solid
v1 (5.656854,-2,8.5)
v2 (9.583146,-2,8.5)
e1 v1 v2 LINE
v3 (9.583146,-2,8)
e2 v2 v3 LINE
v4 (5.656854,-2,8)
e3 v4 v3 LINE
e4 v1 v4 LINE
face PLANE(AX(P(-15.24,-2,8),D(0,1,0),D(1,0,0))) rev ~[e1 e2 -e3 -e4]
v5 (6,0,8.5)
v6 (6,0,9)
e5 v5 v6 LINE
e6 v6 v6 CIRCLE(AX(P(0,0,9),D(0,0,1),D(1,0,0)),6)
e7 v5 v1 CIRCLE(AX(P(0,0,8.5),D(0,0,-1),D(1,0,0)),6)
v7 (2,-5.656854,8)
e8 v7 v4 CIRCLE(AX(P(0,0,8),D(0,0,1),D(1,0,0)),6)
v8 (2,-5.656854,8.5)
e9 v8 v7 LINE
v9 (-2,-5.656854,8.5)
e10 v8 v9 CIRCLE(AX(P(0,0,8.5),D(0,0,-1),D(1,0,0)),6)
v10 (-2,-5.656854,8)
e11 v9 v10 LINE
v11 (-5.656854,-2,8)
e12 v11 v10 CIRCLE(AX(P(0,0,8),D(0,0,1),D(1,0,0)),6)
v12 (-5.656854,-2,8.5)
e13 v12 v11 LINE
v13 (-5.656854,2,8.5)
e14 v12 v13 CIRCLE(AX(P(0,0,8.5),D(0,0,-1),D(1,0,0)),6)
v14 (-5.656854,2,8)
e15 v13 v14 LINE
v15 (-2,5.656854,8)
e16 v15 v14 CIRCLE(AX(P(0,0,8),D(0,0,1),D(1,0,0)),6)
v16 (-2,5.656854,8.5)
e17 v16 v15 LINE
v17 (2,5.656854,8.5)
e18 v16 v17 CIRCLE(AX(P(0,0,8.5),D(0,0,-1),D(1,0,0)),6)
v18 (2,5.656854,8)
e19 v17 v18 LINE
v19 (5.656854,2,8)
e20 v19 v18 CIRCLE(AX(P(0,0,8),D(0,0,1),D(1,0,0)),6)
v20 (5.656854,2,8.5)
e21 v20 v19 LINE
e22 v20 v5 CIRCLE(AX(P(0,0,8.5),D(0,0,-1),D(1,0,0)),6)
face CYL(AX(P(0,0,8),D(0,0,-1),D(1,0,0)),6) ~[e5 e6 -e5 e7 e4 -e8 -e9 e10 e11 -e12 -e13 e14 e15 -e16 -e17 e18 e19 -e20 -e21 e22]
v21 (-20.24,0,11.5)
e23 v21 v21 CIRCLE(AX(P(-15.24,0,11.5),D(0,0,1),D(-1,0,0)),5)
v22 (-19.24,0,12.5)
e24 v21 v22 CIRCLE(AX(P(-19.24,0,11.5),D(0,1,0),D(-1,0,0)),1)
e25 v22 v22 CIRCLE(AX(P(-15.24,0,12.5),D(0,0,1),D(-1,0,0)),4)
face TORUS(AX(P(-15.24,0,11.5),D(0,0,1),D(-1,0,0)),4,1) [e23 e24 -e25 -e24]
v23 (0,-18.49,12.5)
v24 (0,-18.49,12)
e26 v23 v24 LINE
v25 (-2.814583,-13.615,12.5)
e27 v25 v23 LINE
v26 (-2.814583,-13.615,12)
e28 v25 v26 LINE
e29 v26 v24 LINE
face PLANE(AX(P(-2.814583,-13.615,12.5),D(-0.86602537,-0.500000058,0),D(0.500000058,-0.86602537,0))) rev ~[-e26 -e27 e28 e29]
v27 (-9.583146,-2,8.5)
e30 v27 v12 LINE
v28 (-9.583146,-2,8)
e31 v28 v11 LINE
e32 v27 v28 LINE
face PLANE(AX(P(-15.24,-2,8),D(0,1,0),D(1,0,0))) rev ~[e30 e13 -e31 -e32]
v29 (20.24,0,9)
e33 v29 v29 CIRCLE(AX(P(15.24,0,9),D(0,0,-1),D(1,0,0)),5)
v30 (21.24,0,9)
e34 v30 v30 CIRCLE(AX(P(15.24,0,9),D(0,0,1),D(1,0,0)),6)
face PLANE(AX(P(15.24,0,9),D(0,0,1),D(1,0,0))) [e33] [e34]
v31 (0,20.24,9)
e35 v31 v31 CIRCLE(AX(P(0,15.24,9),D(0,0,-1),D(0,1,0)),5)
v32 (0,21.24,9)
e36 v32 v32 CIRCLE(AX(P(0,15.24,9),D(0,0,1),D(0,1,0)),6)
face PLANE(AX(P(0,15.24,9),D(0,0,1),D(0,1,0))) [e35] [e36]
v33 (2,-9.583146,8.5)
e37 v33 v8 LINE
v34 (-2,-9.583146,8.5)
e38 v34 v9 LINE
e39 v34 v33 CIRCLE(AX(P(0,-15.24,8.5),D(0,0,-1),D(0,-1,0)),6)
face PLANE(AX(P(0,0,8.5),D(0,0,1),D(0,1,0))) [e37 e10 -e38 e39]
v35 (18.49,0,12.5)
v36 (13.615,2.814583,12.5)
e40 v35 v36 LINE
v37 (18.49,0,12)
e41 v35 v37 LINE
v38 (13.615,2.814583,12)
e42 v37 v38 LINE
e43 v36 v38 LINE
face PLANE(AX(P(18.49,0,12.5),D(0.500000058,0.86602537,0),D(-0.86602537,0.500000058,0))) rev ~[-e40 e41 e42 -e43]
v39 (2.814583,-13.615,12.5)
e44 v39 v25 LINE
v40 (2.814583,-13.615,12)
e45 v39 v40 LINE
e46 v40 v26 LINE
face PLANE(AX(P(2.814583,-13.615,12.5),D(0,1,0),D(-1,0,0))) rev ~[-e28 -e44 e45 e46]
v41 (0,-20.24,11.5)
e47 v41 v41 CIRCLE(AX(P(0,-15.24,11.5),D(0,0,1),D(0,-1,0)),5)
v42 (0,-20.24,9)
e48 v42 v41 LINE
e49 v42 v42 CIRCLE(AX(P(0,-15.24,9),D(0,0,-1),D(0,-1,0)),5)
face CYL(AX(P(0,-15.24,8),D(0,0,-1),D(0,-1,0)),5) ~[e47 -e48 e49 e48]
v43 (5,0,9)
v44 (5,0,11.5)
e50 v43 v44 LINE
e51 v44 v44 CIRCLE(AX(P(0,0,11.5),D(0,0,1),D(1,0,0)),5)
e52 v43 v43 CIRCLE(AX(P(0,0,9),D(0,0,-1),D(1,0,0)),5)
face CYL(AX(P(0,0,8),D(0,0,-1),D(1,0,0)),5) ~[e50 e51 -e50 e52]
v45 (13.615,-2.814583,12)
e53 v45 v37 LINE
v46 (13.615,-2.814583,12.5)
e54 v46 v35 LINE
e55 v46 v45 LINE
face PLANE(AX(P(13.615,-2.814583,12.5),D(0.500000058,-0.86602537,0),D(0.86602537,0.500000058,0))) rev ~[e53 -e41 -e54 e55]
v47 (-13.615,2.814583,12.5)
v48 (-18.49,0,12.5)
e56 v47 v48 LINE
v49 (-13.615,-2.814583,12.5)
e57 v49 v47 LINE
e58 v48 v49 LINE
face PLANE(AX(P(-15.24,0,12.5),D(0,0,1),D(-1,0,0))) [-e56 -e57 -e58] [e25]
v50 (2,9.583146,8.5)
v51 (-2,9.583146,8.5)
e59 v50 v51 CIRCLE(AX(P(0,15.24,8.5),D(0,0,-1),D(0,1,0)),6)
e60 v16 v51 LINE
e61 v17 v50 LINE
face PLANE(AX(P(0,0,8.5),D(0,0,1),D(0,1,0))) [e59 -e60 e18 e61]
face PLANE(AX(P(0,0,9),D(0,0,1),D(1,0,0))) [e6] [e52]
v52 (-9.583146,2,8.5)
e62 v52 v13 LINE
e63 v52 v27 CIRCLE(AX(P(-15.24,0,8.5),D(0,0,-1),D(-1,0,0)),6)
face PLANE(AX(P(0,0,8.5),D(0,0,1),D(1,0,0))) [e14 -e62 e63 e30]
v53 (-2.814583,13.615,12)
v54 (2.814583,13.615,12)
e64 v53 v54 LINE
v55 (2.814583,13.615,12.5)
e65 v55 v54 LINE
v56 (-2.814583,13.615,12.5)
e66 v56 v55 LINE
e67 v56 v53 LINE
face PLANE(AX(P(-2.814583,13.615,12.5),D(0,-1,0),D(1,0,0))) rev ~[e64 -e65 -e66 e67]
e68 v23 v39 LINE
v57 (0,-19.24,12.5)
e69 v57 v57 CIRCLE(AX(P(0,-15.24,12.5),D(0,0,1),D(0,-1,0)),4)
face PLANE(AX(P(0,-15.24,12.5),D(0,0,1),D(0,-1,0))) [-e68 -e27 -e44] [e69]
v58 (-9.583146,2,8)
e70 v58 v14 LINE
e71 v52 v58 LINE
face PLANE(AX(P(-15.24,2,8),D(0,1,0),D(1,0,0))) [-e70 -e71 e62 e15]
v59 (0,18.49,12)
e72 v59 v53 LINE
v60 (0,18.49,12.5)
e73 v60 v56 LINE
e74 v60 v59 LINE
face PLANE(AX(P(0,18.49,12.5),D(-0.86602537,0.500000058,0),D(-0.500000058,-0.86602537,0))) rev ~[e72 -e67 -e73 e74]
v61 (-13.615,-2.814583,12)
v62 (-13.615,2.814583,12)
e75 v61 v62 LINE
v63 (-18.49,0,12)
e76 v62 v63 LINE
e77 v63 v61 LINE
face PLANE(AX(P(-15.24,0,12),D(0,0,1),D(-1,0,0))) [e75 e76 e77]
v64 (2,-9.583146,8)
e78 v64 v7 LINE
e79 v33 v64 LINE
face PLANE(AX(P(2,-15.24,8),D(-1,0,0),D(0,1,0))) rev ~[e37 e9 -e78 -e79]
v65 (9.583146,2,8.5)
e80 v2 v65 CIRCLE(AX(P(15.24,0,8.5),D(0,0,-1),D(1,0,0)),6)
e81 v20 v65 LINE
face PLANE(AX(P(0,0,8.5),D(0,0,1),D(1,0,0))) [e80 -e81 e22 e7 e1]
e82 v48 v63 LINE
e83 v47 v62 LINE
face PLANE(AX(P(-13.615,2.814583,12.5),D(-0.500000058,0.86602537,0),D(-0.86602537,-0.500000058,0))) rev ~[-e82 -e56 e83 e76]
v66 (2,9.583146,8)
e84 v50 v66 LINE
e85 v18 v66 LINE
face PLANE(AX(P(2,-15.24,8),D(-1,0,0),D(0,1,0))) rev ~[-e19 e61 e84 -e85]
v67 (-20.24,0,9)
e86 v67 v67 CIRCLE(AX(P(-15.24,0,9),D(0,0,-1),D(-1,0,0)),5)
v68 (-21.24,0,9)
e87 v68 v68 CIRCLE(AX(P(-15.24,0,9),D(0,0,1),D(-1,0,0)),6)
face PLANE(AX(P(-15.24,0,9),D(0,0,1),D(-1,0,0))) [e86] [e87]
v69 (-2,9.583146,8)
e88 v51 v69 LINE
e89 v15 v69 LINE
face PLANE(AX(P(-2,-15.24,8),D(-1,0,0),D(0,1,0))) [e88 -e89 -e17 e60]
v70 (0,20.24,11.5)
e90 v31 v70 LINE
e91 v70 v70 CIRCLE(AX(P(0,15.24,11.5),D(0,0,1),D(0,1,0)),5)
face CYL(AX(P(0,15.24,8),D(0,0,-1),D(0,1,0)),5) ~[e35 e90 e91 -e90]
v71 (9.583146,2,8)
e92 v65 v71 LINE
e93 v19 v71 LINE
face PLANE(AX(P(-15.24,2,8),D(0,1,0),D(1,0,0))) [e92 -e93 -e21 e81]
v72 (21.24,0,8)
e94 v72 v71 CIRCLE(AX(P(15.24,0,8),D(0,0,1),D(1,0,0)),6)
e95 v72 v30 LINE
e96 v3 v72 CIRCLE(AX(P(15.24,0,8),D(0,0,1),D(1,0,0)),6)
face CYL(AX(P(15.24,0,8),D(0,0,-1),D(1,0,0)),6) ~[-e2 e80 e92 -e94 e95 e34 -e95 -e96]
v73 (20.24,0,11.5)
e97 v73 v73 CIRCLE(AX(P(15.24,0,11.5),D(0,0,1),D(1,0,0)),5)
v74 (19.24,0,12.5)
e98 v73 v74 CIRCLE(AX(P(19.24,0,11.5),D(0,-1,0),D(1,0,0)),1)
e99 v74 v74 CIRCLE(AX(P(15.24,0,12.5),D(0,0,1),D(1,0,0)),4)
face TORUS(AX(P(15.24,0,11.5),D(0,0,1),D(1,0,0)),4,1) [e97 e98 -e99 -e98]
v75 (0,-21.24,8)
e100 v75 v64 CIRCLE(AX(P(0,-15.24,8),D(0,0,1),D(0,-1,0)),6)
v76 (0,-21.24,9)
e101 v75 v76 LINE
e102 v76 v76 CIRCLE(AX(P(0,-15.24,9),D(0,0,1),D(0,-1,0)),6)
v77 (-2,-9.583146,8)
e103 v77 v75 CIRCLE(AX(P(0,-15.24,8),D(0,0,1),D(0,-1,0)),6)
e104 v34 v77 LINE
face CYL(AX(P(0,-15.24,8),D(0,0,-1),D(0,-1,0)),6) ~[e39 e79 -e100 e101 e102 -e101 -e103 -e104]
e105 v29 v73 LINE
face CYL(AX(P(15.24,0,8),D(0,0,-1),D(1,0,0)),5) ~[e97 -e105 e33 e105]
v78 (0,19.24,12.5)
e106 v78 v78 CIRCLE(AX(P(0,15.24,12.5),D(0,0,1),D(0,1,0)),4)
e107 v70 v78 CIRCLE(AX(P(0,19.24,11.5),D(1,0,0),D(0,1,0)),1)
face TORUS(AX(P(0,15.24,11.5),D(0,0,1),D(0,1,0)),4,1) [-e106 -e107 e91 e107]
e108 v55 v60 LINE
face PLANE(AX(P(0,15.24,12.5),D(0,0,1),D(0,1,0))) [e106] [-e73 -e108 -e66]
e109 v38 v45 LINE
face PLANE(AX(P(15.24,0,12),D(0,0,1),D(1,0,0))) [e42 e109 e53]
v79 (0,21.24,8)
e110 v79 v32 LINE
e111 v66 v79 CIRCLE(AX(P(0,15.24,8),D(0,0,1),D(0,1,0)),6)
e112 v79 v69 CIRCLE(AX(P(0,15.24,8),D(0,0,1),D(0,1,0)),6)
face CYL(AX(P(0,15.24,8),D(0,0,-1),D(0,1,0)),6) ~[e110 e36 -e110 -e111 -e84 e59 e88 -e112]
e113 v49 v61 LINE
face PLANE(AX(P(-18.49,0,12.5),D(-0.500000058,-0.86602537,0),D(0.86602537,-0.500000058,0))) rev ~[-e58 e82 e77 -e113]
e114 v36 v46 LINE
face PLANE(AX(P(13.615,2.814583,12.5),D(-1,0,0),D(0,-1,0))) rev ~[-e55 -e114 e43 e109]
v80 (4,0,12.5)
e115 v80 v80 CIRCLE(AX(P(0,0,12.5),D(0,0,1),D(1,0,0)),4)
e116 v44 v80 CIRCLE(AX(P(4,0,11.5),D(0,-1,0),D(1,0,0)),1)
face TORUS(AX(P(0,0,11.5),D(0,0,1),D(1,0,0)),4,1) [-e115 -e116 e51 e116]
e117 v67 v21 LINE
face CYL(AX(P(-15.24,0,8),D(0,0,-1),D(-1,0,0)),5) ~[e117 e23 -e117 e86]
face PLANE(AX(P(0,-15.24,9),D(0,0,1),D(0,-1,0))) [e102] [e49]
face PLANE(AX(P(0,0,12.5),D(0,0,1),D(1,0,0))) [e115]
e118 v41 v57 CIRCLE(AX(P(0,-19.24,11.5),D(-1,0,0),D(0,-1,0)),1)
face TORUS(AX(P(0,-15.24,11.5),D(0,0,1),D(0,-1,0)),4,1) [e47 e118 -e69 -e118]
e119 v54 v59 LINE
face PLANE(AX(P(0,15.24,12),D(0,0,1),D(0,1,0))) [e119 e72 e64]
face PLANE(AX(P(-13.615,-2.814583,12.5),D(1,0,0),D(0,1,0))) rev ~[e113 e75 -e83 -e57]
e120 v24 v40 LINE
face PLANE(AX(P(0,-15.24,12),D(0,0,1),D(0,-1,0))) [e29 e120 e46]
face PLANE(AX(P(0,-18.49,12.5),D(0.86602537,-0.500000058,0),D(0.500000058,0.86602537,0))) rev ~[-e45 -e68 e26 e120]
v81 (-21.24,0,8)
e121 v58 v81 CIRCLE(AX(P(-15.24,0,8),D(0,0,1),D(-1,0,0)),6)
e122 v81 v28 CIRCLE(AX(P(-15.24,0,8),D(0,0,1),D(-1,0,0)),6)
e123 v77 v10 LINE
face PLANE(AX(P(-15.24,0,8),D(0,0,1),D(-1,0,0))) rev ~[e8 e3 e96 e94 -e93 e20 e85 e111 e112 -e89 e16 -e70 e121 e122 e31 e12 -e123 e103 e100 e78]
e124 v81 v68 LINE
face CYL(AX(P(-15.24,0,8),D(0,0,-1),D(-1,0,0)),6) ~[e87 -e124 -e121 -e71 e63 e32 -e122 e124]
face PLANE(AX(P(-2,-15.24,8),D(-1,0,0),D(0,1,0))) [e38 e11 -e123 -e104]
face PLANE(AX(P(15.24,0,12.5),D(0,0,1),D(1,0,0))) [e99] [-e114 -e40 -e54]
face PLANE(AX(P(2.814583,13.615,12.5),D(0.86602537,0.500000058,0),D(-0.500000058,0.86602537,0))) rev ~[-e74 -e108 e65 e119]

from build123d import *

# Parameters (mm, degrees)
CYLINDER_R             = 5
CYLINDER_DEPTH         = 4.5
FILLET_R               = 1
CYLINDER001_R          = 6
CYLINDER001_DEPTH      = 1
BOX001_W               = 30.48
BOX001_H               = 4
BOX001_DEPTH           = 0.5
BOX001_PLACEMENT_ANGLE = 90
BOX_W                  = 30.48
BOX_H                  = 4
BOX_DEPTH              = 0.5
POCKET_DEPTH           = 0.5
ARRAY_COUNT            = 4


with BuildPart() as button_body_fillet:
    # Cylinder → Cylinder (new body)
    with BuildSketch(Plane.XY.offset(8)):
        Circle(CYLINDER_R)
    extrude(amount=CYLINDER_DEPTH)

    # Fillet
    fillet_edges = [button_body_fillet.edges().sort_by_distance(p)[0] for p in [
        (-5, 0, 12.5),
    ]]
    fillet(fillet_edges, radius=FILLET_R)


with BuildPart() as button_fusion:
    # Cylinder001 → Cylinder001 (new body)
    with BuildSketch(Plane.XY.offset(8)):
        Circle(CYLINDER001_R)
    extrude(amount=CYLINDER001_DEPTH)

    # Fusion: union button-body-fillet
    add(button_body_fillet.part)


with BuildPart() as buttons_forward_backward_union_cube:
    # Box001 → Box001 (new body)
    with BuildSketch(Plane.XY):
        with Locations((15.24, 2)):
            Rectangle(BOX001_W, BOX001_H)
    extrude(amount=BOX001_DEPTH)


with BuildPart() as buttons_forward_backward_union_cube_1:
    # Box001 placement: moved
    add(buttons_forward_backward_union_cube.part.moved(Location((2, -15.24, 8))).rotate(Axis((2, -15.24, 8), (0, 0, 1)), BOX001_PLACEMENT_ANGLE))


with BuildPart() as buttons_left_right_union_cube:
    # Box → Box (new body)
    with BuildSketch(Plane(origin=(-15.24, -2, 8), x_dir=(1, 0, 0), z_dir=(0, 0, 1))):
        with Locations((15.24, 2)):
            Rectangle(BOX_W, BOX_H)
    extrude(amount=BOX_DEPTH)


with BuildPart() as buttons_fusion:
    # Clone base: copy of button-fusion
    add(button_fusion.part)


with BuildPart() as buttons_fusion_1:
    # Clone placement: moved
    add(buttons_fusion.part.moved(Location((15.24, 0, 0))))

    # Sketch → Pocket (cut)
    with BuildSketch(Plane(origin=(15.24, 0, 12.5), x_dir=(1, 0, 0), z_dir=(0, 0, 1))):
        Polygon((-1.625, 2.814583), (-1.625, -2.814583), (3.25, 0), align=None)
    extrude(amount=-POCKET_DEPTH, mode=Mode.SUBTRACT)

    # Array: buttons-fusion ×4 about axis
    array_axis = Axis((0, 0, 0), (0, 0, 1))


with BuildPart() as buttons_fusion_2:
    add(buttons_fusion_1.part)
    for i in range(1, ARRAY_COUNT):
        add(buttons_fusion_1.part.rotate(array_axis, i * 360 / ARRAY_COUNT))

    # Fusion001: union button-fusion, buttons-forward-backward-union-cube, buttons-left-right-union-cube
    add(button_fusion.part)
    add(buttons_forward_backward_union_cube_1.part)
    add(buttons_left_right_union_cube.part)


solid = buttons_fusion_2.part
